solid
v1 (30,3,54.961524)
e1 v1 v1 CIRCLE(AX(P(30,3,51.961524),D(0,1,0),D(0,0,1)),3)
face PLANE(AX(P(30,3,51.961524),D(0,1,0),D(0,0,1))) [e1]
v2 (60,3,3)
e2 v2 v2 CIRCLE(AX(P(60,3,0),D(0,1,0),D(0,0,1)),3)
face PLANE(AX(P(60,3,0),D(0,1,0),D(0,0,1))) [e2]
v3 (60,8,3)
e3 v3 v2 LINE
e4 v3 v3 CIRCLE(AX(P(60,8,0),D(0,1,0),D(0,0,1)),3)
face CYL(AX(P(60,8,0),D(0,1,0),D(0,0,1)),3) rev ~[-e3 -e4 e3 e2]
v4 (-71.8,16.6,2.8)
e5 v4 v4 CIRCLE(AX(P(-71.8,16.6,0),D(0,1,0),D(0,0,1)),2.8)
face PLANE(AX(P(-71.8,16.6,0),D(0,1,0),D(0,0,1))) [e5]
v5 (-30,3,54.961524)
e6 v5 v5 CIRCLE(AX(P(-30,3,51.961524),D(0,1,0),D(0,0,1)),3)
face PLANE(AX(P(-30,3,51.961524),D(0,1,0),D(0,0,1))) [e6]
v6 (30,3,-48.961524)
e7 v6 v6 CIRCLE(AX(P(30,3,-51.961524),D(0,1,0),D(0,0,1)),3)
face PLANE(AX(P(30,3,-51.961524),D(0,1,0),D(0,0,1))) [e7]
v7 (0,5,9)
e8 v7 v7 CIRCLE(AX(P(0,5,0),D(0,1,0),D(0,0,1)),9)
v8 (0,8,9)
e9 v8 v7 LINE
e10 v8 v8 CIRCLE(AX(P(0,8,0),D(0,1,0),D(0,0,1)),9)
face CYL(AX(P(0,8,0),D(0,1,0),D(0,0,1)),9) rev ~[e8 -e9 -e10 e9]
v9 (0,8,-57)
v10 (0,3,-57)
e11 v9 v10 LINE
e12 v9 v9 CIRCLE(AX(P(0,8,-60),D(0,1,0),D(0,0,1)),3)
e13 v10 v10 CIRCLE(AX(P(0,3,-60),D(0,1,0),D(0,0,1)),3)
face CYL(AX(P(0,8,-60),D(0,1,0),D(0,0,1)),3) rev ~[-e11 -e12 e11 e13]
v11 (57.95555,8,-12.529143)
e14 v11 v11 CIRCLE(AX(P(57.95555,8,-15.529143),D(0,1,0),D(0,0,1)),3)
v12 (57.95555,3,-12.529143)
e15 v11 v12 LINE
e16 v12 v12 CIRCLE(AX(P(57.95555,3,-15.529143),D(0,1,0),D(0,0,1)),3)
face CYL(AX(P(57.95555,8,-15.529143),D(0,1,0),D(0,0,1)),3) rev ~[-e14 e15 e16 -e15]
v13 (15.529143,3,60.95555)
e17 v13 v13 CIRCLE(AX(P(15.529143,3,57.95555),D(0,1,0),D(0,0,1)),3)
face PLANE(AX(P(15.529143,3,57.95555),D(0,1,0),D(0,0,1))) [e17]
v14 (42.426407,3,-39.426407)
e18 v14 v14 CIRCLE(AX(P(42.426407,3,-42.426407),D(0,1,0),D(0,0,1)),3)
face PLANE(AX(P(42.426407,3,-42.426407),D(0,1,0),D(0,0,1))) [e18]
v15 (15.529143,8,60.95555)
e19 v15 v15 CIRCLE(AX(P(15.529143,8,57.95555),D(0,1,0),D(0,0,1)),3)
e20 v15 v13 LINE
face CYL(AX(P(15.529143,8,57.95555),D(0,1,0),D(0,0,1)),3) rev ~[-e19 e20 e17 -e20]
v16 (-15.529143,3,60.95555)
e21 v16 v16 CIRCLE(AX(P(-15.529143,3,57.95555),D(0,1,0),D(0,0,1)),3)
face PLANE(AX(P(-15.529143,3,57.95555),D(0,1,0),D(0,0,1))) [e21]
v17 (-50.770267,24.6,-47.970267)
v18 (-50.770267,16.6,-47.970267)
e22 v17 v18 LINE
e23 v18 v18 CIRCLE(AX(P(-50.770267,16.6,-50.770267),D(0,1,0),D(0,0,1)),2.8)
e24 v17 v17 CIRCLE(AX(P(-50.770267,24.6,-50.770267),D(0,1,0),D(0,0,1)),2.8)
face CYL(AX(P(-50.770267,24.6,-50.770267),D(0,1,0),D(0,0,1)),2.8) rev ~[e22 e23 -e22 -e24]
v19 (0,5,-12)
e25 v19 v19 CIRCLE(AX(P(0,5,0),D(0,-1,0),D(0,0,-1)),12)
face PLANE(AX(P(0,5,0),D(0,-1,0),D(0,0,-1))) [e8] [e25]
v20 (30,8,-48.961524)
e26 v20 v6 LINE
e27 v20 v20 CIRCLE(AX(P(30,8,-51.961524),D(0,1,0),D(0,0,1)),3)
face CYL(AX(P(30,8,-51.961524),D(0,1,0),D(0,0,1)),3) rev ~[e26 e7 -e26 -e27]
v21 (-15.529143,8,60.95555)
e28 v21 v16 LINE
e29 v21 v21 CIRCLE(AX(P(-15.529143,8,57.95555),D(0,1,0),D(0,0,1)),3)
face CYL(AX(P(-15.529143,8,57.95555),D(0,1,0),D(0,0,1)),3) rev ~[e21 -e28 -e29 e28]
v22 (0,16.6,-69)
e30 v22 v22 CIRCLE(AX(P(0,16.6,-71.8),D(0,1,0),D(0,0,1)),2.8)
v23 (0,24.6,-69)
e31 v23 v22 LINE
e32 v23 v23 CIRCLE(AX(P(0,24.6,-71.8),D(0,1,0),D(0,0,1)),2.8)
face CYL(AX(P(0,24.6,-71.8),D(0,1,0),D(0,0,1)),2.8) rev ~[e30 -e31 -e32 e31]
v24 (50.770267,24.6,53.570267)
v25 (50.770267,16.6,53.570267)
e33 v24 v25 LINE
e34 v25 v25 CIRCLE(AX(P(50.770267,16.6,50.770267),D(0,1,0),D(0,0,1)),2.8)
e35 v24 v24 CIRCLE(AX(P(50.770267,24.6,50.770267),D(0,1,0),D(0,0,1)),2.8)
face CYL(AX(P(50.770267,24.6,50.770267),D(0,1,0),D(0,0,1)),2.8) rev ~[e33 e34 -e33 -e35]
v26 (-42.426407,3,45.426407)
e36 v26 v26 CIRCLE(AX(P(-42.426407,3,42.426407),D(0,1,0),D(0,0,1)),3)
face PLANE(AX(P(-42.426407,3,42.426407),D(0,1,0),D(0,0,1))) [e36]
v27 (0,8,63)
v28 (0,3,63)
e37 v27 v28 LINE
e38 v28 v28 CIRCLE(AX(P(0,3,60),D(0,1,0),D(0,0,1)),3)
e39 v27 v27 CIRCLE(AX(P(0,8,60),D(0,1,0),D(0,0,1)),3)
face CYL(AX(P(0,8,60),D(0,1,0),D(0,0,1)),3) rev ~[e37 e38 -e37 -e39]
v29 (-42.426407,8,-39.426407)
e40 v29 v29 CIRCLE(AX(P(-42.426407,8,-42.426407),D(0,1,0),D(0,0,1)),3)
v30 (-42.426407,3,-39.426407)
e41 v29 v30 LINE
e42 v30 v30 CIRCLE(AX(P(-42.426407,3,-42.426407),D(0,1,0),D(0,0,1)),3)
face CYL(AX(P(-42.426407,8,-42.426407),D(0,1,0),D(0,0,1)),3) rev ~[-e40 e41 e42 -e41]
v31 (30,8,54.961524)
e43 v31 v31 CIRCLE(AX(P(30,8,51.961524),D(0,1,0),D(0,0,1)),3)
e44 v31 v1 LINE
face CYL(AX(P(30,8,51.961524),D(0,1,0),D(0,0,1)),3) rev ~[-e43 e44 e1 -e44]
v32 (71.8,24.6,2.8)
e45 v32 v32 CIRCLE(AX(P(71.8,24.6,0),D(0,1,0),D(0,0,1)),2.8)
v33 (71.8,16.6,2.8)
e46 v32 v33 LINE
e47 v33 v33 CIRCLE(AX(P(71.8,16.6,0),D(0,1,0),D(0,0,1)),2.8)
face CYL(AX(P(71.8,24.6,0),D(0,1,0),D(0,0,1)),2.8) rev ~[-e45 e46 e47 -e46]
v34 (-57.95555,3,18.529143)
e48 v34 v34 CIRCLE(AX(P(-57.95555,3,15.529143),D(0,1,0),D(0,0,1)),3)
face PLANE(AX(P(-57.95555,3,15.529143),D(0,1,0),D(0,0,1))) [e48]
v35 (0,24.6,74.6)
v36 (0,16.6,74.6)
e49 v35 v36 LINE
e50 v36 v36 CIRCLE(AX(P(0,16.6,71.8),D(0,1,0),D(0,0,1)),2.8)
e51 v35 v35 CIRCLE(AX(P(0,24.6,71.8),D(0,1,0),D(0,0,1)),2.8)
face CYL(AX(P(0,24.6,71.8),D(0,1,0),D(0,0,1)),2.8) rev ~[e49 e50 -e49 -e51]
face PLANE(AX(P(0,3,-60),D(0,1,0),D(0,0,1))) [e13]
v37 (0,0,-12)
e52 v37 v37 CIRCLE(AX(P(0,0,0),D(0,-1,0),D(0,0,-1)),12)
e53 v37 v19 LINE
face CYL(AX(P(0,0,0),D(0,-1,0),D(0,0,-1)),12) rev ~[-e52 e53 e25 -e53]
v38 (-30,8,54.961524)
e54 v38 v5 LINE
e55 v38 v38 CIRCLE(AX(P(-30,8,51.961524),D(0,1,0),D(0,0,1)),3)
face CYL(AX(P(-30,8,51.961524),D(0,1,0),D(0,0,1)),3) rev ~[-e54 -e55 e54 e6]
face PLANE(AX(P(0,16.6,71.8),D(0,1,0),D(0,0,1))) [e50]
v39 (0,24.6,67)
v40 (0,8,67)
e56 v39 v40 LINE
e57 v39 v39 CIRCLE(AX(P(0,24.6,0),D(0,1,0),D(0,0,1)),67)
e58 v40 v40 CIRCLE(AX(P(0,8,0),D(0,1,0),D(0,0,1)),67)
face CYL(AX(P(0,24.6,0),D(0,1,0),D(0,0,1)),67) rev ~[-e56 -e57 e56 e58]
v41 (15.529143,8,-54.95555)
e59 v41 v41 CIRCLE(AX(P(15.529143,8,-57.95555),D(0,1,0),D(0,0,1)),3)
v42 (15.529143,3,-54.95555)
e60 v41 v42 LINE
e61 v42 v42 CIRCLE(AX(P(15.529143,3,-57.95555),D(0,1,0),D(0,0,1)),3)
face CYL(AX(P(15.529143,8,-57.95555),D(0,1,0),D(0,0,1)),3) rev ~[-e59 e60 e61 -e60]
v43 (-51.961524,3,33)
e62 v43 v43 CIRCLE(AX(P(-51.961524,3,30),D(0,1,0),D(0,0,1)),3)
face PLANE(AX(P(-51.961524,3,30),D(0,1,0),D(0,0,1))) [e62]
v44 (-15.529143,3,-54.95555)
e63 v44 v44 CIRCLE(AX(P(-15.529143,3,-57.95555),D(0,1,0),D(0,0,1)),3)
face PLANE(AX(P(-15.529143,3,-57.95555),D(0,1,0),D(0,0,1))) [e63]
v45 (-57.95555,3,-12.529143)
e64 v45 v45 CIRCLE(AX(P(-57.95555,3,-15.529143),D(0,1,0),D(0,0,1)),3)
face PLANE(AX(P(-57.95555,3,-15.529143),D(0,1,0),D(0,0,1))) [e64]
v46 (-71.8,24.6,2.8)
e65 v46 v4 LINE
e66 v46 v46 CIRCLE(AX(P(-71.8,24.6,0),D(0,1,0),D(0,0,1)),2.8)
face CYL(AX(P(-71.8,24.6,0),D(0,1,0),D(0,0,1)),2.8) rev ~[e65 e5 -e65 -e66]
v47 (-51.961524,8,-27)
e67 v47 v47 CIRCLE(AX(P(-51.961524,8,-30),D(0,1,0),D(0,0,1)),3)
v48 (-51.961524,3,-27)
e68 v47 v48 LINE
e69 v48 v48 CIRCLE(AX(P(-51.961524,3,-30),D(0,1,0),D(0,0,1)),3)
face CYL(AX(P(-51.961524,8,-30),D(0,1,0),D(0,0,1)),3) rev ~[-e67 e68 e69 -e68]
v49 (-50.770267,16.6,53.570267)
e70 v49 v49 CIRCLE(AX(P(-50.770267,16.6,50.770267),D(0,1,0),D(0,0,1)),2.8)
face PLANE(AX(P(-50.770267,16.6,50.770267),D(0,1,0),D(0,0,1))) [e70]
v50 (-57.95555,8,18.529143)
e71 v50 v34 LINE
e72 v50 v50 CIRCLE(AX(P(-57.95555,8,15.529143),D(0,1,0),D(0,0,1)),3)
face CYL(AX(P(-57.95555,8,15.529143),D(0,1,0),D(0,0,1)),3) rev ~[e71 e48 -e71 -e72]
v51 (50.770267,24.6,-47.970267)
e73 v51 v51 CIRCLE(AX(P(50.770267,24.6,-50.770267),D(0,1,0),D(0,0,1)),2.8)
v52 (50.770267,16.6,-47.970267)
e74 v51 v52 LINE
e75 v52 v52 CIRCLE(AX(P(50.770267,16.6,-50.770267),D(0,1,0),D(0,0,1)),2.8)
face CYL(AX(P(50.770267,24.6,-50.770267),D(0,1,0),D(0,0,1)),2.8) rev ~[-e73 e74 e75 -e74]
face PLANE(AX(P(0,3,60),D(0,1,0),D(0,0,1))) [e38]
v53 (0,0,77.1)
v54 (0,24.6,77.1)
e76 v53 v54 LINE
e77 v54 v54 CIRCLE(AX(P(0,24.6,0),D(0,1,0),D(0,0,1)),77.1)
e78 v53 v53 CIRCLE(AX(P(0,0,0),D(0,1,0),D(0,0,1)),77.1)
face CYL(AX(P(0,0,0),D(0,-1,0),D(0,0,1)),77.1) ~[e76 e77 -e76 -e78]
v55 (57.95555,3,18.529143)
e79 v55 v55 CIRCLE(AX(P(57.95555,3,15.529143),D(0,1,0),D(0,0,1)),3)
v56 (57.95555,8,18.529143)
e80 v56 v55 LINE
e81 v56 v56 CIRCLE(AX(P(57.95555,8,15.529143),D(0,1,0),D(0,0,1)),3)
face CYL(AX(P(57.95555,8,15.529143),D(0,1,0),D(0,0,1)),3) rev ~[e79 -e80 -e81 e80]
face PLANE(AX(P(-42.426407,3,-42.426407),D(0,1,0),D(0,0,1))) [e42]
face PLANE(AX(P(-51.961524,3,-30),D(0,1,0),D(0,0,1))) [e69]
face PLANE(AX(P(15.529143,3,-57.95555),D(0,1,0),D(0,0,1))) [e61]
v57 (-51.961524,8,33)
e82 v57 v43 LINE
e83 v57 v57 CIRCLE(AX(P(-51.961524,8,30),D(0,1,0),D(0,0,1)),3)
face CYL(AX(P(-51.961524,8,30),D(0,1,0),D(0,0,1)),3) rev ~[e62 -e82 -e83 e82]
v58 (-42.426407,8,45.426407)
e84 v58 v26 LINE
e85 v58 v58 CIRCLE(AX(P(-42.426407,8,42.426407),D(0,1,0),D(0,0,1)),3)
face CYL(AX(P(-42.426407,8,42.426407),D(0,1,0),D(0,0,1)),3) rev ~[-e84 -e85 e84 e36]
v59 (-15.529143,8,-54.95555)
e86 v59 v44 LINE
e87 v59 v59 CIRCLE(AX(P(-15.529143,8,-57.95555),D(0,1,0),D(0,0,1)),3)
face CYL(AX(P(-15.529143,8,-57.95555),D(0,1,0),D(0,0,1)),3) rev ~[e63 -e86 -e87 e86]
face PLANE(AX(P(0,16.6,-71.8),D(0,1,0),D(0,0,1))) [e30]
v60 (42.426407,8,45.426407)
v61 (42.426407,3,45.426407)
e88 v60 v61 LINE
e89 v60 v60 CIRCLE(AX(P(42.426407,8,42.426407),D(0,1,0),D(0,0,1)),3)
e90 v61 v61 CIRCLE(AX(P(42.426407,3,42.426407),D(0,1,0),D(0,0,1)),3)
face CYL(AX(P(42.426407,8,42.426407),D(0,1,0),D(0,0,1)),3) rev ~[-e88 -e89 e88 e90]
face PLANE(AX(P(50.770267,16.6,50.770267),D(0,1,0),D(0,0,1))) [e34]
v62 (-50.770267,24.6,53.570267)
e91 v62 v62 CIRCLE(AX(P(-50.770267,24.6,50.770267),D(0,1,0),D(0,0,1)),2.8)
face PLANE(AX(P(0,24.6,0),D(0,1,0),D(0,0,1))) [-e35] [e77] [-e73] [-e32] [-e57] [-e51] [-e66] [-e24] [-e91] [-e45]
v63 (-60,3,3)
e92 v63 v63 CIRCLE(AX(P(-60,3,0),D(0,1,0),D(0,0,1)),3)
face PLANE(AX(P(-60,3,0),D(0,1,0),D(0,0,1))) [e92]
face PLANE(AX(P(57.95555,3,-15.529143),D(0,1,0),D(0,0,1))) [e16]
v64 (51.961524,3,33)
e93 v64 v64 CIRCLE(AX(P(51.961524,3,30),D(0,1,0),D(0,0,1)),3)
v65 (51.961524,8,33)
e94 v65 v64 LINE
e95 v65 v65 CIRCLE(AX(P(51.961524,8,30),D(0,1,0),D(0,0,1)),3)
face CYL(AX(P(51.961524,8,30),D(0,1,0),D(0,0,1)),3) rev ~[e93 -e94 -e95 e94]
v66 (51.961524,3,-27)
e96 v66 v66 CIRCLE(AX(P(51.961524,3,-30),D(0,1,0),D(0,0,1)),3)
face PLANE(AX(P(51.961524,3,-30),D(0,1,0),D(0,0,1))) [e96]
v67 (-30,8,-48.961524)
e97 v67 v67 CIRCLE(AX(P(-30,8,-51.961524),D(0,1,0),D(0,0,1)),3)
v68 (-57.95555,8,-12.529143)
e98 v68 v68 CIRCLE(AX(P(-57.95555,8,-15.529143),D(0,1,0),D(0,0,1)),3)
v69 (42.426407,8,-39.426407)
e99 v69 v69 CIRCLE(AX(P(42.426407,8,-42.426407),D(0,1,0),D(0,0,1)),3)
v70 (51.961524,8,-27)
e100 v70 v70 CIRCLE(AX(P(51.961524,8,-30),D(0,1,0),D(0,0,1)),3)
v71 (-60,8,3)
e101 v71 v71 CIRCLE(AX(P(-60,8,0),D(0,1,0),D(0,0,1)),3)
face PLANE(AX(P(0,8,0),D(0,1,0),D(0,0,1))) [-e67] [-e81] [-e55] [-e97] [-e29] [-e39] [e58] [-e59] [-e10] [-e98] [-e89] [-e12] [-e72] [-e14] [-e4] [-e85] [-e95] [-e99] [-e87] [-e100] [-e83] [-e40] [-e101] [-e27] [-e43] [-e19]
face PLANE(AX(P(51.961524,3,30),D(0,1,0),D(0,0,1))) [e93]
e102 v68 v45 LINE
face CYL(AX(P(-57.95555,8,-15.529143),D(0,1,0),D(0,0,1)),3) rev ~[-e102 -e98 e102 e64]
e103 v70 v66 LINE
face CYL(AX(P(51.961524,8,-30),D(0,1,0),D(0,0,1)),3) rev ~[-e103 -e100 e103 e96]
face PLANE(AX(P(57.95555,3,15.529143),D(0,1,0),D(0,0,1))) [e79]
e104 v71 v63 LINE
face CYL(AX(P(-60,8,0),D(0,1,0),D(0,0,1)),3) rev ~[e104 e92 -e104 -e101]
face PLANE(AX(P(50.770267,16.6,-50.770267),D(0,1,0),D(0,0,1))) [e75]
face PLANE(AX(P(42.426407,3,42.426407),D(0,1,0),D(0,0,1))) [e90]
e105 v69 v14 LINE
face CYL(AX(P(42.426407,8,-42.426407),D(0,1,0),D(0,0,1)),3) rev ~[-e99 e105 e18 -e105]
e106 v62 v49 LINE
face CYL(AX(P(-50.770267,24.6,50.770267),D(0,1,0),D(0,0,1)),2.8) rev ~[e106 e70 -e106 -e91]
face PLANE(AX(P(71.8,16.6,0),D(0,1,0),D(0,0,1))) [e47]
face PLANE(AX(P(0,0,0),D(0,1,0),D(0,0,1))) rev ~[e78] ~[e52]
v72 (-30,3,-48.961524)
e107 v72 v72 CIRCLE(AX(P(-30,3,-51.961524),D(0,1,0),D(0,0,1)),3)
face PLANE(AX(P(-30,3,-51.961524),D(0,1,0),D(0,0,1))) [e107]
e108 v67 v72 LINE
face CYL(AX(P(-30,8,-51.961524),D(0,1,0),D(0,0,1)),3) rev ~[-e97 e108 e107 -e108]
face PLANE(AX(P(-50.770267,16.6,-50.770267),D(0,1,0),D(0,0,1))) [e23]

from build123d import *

# Parameters (mm, degrees)
SKETCH1_R           = 77.1
BOSS_EXTRUDE1_DEPTH = 24.6
SKETCH2_R           = 67
CUT_EXTRUDE1_DEPTH  = 16.6
SKETCH3_R           = 3
CUT_EXTRUDE2_DEPTH  = 5
SKETCH4_R           = 12
CUT_EXTRUDE3_DEPTH  = 5
SKETCH5_R           = 9
CUT_EXTRUDE4_DEPTH  = 5
SKETCH6_R           = 2.8
CUT_EXTRUDE5_DEPTH  = 8


with BuildPart() as part:
    # Sketch1 → Boss-Extrude1 (new body)
    with BuildSketch(Plane(origin=(0, 0, 0), x_dir=(1, 0, 0), z_dir=(0, 1, 0))):
        with Locations(Location((0, 0, 0), (0, 0, 270))):
            Circle(SKETCH1_R)
    extrude(amount=BOSS_EXTRUDE1_DEPTH)

    # Sketch2 → Cut-Extrude1 (cut)
    with BuildSketch(Plane(origin=(0, 24.6, 0), x_dir=(1, 0, 0), z_dir=(0, 1, 0))):
        with Locations(Location((0, 0, 0), (0, 0, 270))):
            Circle(SKETCH2_R)
    extrude(amount=-CUT_EXTRUDE1_DEPTH, mode=Mode.SUBTRACT)

    # Sketch3 → Cut-Extrude2 (cut)
    with BuildSketch(Plane(origin=(0, 8, 0), x_dir=(1, 0, 0), z_dir=(0, 1, 0))):
        with Locations(Location((60, 0, 0), (0, 0, 270))):
            Circle(SKETCH3_R)
        with Locations(Location((57.955549577, -15.529142706, 0), (0, 0, 270))):
            Circle(SKETCH3_R)
        with Locations(Location((51.961524227, -30, 0), (0, 0, 270))):
            Circle(SKETCH3_R)
        with Locations(Location((42.426406871, -42.426406871, 0), (0, 0, 270))):
            Circle(SKETCH3_R)
        with Locations(Location((30, -51.961524227, 0), (0, 0, 270))):
            Circle(SKETCH3_R)
        with Locations(Location((15.529142706, -57.955549577, 0), (0, 0, 270))):
            Circle(SKETCH3_R)
        with Locations(Location((0, -60, 0), (0, 0, 270))):
            Circle(SKETCH3_R)
        with Locations(Location((-15.529142706, -57.955549577, 0), (0, 0, 270))):
            Circle(SKETCH3_R)
        with Locations(Location((-30, -51.961524227, 0), (0, 0, 270))):
            Circle(SKETCH3_R)
        with Locations(Location((-42.426406871, -42.426406871, 0), (0, 0, 270))):
            Circle(SKETCH3_R)
        with Locations(Location((-51.961524227, -30, 0), (0, 0, 270))):
            Circle(SKETCH3_R)
        with Locations(Location((-57.955549577, -15.529142706, 0), (0, 0, 270))):
            Circle(SKETCH3_R)
        with Locations(Location((-60, 0, 0), (0, 0, 270))):
            Circle(SKETCH3_R)
        with Locations(Location((-57.955549577, 15.529142706, 0), (0, 0, 270))):
            Circle(SKETCH3_R)
        with Locations(Location((-51.961524227, 30, 0), (0, 0, 270))):
            Circle(SKETCH3_R)
        with Locations(Location((-42.426406871, 42.426406871, 0), (0, 0, 270))):
            Circle(SKETCH3_R)
        with Locations(Location((-30, 51.961524227, 0), (0, 0, 270))):
            Circle(SKETCH3_R)
        with Locations(Location((-15.529142706, 57.955549577, 0), (0, 0, 270))):
            Circle(SKETCH3_R)
        with Locations(Location((0, 60, 0), (0, 0, 270))):
            Circle(SKETCH3_R)
        with Locations(Location((15.529142706, 57.955549577, 0), (0, 0, 270))):
            Circle(SKETCH3_R)
        with Locations(Location((30, 51.961524227, 0), (0, 0, 270))):
            Circle(SKETCH3_R)
        with Locations(Location((42.426406871, 42.426406871, 0), (0, 0, 270))):
            Circle(SKETCH3_R)
        with Locations(Location((51.961524227, 30, 0), (0, 0, 270))):
            Circle(SKETCH3_R)
        with Locations(Location((57.955549577, 15.529142706, 0), (0, 0, 270))):
            Circle(SKETCH3_R)
    extrude(amount=-CUT_EXTRUDE2_DEPTH, mode=Mode.SUBTRACT)

    # Sketch4 → Cut-Extrude3 (cut)
    with BuildSketch(Plane.XZ):
        with Locations(Location((0, 0, 0), (0, 0, 270))):
            Circle(SKETCH4_R)
    extrude(amount=-CUT_EXTRUDE3_DEPTH, mode=Mode.SUBTRACT)

    # Sketch5 → Cut-Extrude4 (cut)
    with BuildSketch(Plane(origin=(0, 8, 0), x_dir=(1, 0, 0), z_dir=(0, 1, 0))):
        with Locations(Location((0, 0, 0), (0, 0, 270))):
            Circle(SKETCH5_R)
    extrude(amount=-CUT_EXTRUDE4_DEPTH, mode=Mode.SUBTRACT)

    # Sketch6 → Cut-Extrude5 (cut)
    with BuildSketch(Plane(origin=(0, 24.6, 0), x_dir=(1, 0, 0), z_dir=(0, 1, 0))):
        with Locations(Location((0, 71.8, 0), (0, 0, 270))):
            Circle(SKETCH6_R)
        with Locations(Location((50.770266889, 50.770266889, 0), (0, 0, 270))):
            Circle(SKETCH6_R)
        with Locations(Location((71.8, 0, 0), (0, 0, 270))):
            Circle(SKETCH6_R)
        with Locations(Location((50.770266889, -50.770266889, 0), (0, 0, 270))):
            Circle(SKETCH6_R)
        with Locations(Location((0, -71.8, 0), (0, 0, 270))):
            Circle(SKETCH6_R)
        with Locations(Location((-50.770266889, -50.770266889, 0), (0, 0, 270))):
            Circle(SKETCH6_R)
        with Locations(Location((-71.8, 0, 0), (0, 0, 270))):
            Circle(SKETCH6_R)
        with Locations(Location((-50.770266889, 50.770266889, 0), (0, 0, 270))):
            Circle(SKETCH6_R)
    extrude(amount=-CUT_EXTRUDE5_DEPTH, mode=Mode.SUBTRACT)


solid = part.part
